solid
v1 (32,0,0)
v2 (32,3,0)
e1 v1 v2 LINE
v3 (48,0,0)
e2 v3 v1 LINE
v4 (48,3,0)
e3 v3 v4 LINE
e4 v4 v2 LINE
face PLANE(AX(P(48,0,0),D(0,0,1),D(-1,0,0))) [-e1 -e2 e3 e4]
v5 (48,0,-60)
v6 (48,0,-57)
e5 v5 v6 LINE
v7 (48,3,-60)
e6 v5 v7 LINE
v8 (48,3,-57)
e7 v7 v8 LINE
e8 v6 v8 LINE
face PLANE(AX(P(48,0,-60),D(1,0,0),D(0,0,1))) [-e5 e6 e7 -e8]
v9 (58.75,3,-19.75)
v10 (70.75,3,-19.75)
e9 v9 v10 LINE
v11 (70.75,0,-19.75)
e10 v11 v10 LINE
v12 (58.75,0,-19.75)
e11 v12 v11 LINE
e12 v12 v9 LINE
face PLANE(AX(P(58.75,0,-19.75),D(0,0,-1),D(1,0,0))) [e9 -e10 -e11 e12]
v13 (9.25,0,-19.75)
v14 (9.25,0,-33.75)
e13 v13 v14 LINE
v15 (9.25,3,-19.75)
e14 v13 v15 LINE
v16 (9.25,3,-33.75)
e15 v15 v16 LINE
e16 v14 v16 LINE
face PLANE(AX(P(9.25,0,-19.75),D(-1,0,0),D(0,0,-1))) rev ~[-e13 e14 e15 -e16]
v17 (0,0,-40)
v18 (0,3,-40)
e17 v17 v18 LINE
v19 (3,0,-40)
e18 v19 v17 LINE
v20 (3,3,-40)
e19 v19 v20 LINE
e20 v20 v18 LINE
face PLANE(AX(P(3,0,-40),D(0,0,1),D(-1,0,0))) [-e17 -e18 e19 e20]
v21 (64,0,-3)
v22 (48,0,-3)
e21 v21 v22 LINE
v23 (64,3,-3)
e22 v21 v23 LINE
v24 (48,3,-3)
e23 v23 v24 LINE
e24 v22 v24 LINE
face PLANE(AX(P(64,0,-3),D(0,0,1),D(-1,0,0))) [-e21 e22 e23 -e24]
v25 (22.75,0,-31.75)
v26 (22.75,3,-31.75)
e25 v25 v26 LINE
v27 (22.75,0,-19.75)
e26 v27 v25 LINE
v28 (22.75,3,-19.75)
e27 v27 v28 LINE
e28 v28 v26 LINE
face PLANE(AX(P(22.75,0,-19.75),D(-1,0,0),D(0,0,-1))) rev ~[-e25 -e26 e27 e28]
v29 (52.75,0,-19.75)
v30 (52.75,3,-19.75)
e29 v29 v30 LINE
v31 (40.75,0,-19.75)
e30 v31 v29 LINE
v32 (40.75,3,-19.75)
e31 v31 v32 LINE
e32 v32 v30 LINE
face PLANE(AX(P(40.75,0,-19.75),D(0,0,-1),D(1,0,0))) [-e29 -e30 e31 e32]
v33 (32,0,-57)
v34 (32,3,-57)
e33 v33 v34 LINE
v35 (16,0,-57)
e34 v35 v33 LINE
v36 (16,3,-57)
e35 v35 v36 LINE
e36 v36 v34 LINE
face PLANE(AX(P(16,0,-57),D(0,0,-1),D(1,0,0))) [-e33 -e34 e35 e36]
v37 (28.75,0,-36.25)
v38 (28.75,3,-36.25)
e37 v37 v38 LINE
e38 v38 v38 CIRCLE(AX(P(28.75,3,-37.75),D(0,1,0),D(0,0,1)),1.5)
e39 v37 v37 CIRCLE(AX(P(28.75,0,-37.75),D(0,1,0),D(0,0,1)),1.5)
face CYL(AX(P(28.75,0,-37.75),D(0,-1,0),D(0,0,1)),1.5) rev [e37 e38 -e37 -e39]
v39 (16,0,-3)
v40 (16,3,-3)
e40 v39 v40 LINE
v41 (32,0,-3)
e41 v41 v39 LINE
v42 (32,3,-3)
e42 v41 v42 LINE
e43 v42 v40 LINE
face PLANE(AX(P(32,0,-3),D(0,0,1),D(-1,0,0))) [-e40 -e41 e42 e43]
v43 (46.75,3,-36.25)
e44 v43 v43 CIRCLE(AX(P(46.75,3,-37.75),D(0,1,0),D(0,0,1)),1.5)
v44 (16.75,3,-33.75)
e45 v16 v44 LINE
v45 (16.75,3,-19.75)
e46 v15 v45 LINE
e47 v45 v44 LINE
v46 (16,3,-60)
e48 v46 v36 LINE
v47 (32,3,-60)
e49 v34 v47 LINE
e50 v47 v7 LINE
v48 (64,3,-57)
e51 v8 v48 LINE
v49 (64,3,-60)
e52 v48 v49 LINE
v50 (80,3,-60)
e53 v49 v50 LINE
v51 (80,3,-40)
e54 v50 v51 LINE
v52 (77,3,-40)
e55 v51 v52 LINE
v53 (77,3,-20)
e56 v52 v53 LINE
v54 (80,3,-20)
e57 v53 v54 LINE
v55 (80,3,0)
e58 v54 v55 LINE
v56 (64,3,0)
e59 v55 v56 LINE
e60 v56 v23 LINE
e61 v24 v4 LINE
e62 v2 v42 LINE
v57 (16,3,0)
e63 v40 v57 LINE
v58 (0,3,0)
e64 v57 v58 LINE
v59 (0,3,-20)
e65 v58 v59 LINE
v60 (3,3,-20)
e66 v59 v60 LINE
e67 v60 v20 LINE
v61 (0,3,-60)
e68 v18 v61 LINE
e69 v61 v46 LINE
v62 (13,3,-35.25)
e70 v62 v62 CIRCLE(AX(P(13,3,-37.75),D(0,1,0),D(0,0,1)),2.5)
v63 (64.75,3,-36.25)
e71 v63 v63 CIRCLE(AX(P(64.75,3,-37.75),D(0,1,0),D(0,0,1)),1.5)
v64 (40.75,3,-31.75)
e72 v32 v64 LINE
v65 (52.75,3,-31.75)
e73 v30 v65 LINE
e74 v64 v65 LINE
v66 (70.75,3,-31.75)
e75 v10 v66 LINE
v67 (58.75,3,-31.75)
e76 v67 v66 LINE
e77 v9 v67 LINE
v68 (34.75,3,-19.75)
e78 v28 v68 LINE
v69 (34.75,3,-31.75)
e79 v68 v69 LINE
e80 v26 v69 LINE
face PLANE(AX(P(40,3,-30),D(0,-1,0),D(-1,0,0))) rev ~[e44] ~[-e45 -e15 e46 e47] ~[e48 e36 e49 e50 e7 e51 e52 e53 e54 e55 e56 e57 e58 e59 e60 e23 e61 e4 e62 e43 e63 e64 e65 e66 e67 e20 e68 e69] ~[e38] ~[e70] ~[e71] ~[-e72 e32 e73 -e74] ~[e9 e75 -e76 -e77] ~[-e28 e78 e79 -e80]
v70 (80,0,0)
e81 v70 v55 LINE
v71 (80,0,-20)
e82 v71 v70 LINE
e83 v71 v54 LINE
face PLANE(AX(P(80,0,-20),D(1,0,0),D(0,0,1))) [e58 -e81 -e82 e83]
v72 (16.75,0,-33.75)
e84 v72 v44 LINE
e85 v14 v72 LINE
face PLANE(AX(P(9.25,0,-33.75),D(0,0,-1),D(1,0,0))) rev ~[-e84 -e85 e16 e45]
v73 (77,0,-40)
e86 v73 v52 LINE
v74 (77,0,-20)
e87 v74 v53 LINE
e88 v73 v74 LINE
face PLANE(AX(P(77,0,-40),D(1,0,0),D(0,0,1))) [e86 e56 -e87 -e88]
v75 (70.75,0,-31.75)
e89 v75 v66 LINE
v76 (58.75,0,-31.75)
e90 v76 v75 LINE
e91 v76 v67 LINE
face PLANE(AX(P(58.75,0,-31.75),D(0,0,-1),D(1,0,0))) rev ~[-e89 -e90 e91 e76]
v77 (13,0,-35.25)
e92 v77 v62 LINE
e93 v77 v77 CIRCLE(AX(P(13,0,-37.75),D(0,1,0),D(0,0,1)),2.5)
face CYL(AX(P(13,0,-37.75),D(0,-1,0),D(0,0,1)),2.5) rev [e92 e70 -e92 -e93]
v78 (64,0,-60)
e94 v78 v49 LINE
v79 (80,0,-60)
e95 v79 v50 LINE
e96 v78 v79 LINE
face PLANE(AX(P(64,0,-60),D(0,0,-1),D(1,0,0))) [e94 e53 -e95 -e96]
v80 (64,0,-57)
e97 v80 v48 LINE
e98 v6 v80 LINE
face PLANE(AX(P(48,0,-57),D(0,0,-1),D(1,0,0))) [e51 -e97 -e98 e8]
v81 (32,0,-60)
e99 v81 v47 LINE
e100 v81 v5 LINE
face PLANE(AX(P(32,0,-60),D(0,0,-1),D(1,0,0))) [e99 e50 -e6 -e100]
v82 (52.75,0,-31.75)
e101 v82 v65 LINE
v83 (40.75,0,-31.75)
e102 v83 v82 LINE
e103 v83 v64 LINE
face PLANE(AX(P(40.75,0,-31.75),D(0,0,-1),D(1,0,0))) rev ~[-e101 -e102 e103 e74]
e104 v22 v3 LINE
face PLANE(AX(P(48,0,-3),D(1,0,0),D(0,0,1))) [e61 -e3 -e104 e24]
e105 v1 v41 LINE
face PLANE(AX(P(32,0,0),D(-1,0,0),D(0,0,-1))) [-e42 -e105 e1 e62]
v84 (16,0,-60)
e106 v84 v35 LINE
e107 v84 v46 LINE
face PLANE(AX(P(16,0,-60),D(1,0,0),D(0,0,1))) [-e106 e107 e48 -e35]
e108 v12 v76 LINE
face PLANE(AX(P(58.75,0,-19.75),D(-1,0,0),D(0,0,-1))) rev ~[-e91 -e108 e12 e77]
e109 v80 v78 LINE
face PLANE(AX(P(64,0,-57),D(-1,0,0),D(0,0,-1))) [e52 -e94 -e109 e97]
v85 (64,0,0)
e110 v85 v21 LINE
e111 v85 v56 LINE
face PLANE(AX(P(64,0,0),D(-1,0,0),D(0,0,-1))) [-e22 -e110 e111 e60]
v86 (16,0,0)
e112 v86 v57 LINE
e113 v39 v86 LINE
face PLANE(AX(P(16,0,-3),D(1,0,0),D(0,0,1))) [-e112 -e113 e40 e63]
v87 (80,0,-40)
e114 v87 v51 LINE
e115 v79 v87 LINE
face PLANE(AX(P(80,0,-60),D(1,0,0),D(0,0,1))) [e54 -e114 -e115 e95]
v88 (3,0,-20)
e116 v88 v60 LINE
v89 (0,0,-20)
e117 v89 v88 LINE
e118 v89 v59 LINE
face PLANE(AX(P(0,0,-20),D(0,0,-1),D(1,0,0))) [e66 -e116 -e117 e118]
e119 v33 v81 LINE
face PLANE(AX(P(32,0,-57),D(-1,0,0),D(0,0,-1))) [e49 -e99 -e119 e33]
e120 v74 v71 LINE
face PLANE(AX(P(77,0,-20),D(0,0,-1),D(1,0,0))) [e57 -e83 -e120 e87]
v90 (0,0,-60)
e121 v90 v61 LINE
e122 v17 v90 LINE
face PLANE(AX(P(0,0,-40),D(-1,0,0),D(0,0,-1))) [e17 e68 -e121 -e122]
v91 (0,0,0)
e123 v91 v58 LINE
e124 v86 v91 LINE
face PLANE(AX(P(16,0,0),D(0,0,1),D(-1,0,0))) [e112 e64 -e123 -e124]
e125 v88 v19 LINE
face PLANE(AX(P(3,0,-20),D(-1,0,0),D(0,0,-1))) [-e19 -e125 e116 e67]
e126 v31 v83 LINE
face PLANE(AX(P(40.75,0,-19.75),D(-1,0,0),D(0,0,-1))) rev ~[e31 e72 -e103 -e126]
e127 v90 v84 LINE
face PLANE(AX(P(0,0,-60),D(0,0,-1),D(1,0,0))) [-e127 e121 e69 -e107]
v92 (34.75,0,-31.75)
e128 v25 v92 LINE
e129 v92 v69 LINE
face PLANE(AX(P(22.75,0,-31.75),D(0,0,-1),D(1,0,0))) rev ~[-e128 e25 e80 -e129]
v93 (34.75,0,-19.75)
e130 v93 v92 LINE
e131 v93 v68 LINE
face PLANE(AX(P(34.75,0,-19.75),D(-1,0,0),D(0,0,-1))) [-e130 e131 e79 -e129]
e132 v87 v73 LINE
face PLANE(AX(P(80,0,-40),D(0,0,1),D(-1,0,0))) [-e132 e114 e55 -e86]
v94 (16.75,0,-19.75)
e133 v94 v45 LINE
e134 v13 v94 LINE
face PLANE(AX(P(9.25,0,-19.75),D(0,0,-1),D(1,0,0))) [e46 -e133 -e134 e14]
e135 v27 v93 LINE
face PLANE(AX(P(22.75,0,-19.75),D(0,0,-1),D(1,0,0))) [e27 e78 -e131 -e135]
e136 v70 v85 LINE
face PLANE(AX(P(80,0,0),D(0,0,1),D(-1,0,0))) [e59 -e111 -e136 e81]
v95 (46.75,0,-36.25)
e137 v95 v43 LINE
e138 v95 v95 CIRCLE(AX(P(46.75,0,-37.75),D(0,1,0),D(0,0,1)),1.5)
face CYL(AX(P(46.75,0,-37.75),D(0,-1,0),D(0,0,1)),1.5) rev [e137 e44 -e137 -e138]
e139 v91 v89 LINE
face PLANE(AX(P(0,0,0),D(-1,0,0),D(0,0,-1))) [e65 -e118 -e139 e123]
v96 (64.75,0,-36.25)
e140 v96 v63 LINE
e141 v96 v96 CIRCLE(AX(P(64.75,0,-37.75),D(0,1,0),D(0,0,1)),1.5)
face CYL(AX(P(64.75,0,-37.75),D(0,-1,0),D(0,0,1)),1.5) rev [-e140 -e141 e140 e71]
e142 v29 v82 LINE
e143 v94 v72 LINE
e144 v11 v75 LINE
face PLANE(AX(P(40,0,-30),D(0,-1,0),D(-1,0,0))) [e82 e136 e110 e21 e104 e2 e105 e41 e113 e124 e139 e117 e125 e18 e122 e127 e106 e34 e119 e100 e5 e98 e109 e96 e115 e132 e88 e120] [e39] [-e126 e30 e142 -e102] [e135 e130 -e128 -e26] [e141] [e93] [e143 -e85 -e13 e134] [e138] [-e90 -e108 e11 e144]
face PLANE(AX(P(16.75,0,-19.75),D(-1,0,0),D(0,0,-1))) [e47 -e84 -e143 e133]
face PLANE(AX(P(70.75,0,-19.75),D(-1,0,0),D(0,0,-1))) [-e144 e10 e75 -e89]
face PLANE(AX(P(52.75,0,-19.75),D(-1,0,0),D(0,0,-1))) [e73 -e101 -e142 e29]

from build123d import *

# Parameters (mm, degrees)
TOP_AND_BOTTOM_R              = 1.5
TOP_AND_BOTTOM_R_2            = 2.5
TOP_AND_BOTTOM_W              = 12
TOP_AND_BOTTOM_H              = 12
TOP_AND_BOTTOM_W_2            = 7.5
TOP_AND_BOTTOM_H_2            = 14
TOP_AND_BOTTOM_EXTRUDED_DEPTH = 3


with BuildPart() as part:
    # Top and Bottom → Top and Bottom Extruded (new body)
    with BuildSketch(Plane(origin=(0, 0, 0), x_dir=(1, 0, 0), z_dir=(0, 1, 0))):
        Polygon((32, 60), (48, 60), (48, 57), (64, 57), (64, 60), (80, 60), (80, 40), (77, 40), (77, 20), (80, 20), (80, 0), (64, 0), (64, 3), (48, 3), (48, 0), (32, 0), (32, 3), (16, 3), (16, 0), (0, 0), (0, 20), (3, 20), (3, 40), (0, 40), (0, 60), (16, 60), (16, 57), (32, 57), align=None)
        with Locations(Location((28.75, 37.75, 0), (0, 0, 270))):
            Circle(TOP_AND_BOTTOM_R, mode=Mode.SUBTRACT)
        with Locations(Location((46.75, 37.75, 0), (0, 0, 270))):
            Circle(TOP_AND_BOTTOM_R, mode=Mode.SUBTRACT)
        with Locations(Location((64.75, 37.75, 0), (0, 0, 270))):
            Circle(TOP_AND_BOTTOM_R, mode=Mode.SUBTRACT)
        with Locations(Location((13, 37.75, 0), (0, 0, 270))):
            Circle(TOP_AND_BOTTOM_R_2, mode=Mode.SUBTRACT)
        with Locations((46.75, 25.75)):
            Rectangle(TOP_AND_BOTTOM_W, TOP_AND_BOTTOM_H, mode=Mode.SUBTRACT)
        with Locations((28.75, 25.75)):
            Rectangle(TOP_AND_BOTTOM_W, TOP_AND_BOTTOM_H, mode=Mode.SUBTRACT)
        with Locations((64.75, 25.75)):
            Rectangle(TOP_AND_BOTTOM_W, TOP_AND_BOTTOM_H, mode=Mode.SUBTRACT)
        with Locations((13, 26.75)):
            Rectangle(TOP_AND_BOTTOM_W_2, TOP_AND_BOTTOM_H_2, mode=Mode.SUBTRACT)
    extrude(amount=TOP_AND_BOTTOM_EXTRUDED_DEPTH)


solid = part.part
